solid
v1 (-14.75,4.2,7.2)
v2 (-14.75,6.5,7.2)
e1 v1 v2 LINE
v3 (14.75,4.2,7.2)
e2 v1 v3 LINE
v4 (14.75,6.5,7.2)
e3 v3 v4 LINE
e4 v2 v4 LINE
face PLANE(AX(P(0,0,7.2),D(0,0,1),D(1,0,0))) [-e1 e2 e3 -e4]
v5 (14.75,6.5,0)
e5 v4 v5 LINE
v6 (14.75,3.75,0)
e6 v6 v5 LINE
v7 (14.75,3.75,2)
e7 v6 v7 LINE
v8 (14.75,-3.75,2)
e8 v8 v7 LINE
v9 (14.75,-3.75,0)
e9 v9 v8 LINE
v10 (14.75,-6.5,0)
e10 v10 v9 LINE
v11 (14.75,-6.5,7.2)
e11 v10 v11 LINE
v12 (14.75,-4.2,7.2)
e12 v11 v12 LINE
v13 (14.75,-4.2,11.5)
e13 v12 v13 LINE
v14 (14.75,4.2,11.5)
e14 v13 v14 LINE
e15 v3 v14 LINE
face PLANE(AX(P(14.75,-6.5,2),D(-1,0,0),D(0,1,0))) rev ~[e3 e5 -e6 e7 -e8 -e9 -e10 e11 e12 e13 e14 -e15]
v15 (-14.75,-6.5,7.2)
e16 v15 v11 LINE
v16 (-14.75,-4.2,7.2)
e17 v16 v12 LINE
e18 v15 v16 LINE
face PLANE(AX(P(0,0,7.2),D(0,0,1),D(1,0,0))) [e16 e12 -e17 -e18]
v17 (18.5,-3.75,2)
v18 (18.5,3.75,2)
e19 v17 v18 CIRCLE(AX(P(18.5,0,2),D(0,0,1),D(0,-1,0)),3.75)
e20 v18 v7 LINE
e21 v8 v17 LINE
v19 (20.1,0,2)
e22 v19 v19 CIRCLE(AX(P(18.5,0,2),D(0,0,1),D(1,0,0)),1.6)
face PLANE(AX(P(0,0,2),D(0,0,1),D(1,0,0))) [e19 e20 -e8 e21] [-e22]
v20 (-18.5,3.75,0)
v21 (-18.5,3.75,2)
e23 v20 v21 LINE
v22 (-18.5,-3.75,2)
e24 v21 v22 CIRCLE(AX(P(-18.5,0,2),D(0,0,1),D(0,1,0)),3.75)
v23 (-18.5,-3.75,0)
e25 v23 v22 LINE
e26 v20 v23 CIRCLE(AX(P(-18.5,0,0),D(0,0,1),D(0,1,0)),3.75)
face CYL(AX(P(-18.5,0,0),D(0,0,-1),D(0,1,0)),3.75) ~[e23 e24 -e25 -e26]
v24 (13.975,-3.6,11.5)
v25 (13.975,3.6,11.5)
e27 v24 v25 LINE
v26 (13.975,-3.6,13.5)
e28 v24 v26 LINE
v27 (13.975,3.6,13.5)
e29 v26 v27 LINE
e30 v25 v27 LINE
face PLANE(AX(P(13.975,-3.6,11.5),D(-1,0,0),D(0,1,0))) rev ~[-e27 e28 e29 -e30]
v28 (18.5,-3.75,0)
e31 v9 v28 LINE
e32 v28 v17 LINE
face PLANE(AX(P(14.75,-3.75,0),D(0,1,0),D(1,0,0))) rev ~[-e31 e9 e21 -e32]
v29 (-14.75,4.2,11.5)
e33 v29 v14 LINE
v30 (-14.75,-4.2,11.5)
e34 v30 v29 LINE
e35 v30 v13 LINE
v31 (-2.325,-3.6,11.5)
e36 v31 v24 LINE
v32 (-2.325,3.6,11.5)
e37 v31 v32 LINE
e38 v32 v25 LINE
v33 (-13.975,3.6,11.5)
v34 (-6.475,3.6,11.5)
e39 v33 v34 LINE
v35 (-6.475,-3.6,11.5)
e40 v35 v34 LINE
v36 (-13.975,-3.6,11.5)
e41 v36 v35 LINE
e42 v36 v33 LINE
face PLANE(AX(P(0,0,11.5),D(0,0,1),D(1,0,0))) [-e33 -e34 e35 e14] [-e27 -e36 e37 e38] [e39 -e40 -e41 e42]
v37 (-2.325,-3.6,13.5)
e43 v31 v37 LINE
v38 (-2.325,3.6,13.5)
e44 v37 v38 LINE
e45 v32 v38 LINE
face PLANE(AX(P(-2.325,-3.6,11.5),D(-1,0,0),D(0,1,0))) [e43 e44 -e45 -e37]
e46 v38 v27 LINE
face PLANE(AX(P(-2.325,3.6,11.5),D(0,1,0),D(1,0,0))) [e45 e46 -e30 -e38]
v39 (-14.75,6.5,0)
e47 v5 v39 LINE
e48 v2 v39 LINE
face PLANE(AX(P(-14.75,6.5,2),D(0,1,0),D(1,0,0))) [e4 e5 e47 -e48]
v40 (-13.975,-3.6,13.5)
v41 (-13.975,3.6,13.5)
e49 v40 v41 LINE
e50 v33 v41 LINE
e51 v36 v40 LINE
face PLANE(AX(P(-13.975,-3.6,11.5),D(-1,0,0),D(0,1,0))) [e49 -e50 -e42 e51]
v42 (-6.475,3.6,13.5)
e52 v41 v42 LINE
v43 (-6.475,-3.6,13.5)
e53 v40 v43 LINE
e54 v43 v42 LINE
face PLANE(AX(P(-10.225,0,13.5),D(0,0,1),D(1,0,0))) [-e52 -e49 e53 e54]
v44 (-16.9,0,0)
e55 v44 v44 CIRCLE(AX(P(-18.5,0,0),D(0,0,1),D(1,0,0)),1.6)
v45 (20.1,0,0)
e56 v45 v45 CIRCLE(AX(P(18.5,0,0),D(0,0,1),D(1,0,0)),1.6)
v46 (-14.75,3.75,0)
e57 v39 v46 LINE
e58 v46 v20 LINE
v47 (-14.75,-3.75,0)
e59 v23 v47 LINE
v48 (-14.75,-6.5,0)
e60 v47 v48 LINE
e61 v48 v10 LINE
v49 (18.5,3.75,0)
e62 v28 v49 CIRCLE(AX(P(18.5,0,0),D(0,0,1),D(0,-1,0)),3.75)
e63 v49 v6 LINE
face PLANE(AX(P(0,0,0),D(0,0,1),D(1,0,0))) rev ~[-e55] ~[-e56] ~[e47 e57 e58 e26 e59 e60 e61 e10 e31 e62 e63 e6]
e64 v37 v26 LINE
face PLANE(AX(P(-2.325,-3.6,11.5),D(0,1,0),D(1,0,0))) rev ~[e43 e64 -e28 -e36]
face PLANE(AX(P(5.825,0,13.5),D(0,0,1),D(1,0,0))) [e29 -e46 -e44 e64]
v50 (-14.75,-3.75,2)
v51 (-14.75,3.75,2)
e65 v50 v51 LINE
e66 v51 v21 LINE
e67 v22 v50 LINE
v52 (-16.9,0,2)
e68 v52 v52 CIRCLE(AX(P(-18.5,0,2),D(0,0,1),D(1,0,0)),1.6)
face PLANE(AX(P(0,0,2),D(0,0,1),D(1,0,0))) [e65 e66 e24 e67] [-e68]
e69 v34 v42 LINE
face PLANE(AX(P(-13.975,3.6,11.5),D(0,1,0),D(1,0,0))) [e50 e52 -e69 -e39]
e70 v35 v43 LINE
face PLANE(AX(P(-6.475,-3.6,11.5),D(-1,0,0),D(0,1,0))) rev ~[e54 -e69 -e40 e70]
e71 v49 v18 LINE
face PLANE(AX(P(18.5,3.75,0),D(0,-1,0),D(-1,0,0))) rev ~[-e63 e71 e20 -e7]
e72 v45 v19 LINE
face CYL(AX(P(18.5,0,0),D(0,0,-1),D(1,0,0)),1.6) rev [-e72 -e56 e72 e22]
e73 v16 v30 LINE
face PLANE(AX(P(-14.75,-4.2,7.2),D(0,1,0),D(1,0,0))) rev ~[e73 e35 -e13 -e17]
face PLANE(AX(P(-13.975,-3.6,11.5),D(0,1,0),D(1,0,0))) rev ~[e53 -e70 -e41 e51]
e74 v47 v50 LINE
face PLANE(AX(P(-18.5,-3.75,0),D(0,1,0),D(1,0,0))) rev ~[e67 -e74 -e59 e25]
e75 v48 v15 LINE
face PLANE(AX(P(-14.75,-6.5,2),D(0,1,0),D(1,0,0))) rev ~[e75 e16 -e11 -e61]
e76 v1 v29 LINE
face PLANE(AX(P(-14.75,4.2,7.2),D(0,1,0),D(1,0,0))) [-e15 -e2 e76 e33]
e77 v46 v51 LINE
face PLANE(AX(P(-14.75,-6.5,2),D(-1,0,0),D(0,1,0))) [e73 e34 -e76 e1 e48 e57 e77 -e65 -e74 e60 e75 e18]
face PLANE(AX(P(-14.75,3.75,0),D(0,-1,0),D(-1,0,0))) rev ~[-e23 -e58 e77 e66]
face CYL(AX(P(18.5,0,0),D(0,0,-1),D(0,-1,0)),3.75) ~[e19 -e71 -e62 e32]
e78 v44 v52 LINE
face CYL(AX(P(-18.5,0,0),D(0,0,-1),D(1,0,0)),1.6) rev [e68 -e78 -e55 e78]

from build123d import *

# Parameters (mm, degrees)
F0_R     = 1.6
F1_DEPTH = 2
F2_W     = 29.5
F2_H     = 13
F3_DEPTH = 5.2
F4_W     = 29.5
F4_H     = 8.4
F5_DEPTH = 4.3
F6_W     = 16.3
F6_H     = 7.2
F6_W_2   = 7.5
F7_DEPTH = 2


with BuildPart() as f1:
    # F0 (on Top) → F1 (new body)
    with BuildSketch(Plane.XY):
        Polygon((14.75, 6.5), (-14.75, 6.5), (-14.75, 3.75), (-14.75, -3.75), (-14.75, -6.5), (14.75, -6.5), (14.75, -3.75), (14.75, 3.75), align=None)
        with BuildLine():
            Line((-14.75, -3.75), (-14.75, 3.75))
            Line((-14.75, 3.75), (-18.5, 3.75))
            ThreePointArc((-18.5, 3.75), (-22.25, 0), (-18.5, -3.75))
            Line((-18.5, -3.75), (-14.75, -3.75))
        make_face()
        with Locations((-18.5, 0)):
            Circle(F0_R, mode=Mode.SUBTRACT)
        with BuildLine():
            Line((18.5, 3.75), (14.75, 3.75))
            Line((14.75, 3.75), (14.75, -3.75))
            Line((14.75, -3.75), (18.5, -3.75))
            ThreePointArc((18.5, -3.75), (22.25, 0), (18.5, 3.75))
        make_face()
        with Locations((18.5, 0)):
            Circle(F0_R, mode=Mode.SUBTRACT)
    extrude(amount=F1_DEPTH)

    # F2 (on face) → F3 (join)
    with BuildSketch(Plane.XY.offset(2)):
        Rectangle(F2_W, F2_H)
    extrude(amount=F3_DEPTH)

    # F4 (on face) → F5 (join)
    with BuildSketch(Plane.XY.offset(7.2)):
        Rectangle(F4_W, F4_H)
    extrude(amount=F5_DEPTH)

    # F6 (on face) → F7 (join)
    with BuildSketch(Plane.XY.offset(11.5)):
        with Locations((5.825, 0)):
            Rectangle(F6_W, F6_H)
        with Locations((-10.225, 0)):
            Rectangle(F6_W_2, F6_H)
    extrude(amount=F7_DEPTH)


solid = f1.part
